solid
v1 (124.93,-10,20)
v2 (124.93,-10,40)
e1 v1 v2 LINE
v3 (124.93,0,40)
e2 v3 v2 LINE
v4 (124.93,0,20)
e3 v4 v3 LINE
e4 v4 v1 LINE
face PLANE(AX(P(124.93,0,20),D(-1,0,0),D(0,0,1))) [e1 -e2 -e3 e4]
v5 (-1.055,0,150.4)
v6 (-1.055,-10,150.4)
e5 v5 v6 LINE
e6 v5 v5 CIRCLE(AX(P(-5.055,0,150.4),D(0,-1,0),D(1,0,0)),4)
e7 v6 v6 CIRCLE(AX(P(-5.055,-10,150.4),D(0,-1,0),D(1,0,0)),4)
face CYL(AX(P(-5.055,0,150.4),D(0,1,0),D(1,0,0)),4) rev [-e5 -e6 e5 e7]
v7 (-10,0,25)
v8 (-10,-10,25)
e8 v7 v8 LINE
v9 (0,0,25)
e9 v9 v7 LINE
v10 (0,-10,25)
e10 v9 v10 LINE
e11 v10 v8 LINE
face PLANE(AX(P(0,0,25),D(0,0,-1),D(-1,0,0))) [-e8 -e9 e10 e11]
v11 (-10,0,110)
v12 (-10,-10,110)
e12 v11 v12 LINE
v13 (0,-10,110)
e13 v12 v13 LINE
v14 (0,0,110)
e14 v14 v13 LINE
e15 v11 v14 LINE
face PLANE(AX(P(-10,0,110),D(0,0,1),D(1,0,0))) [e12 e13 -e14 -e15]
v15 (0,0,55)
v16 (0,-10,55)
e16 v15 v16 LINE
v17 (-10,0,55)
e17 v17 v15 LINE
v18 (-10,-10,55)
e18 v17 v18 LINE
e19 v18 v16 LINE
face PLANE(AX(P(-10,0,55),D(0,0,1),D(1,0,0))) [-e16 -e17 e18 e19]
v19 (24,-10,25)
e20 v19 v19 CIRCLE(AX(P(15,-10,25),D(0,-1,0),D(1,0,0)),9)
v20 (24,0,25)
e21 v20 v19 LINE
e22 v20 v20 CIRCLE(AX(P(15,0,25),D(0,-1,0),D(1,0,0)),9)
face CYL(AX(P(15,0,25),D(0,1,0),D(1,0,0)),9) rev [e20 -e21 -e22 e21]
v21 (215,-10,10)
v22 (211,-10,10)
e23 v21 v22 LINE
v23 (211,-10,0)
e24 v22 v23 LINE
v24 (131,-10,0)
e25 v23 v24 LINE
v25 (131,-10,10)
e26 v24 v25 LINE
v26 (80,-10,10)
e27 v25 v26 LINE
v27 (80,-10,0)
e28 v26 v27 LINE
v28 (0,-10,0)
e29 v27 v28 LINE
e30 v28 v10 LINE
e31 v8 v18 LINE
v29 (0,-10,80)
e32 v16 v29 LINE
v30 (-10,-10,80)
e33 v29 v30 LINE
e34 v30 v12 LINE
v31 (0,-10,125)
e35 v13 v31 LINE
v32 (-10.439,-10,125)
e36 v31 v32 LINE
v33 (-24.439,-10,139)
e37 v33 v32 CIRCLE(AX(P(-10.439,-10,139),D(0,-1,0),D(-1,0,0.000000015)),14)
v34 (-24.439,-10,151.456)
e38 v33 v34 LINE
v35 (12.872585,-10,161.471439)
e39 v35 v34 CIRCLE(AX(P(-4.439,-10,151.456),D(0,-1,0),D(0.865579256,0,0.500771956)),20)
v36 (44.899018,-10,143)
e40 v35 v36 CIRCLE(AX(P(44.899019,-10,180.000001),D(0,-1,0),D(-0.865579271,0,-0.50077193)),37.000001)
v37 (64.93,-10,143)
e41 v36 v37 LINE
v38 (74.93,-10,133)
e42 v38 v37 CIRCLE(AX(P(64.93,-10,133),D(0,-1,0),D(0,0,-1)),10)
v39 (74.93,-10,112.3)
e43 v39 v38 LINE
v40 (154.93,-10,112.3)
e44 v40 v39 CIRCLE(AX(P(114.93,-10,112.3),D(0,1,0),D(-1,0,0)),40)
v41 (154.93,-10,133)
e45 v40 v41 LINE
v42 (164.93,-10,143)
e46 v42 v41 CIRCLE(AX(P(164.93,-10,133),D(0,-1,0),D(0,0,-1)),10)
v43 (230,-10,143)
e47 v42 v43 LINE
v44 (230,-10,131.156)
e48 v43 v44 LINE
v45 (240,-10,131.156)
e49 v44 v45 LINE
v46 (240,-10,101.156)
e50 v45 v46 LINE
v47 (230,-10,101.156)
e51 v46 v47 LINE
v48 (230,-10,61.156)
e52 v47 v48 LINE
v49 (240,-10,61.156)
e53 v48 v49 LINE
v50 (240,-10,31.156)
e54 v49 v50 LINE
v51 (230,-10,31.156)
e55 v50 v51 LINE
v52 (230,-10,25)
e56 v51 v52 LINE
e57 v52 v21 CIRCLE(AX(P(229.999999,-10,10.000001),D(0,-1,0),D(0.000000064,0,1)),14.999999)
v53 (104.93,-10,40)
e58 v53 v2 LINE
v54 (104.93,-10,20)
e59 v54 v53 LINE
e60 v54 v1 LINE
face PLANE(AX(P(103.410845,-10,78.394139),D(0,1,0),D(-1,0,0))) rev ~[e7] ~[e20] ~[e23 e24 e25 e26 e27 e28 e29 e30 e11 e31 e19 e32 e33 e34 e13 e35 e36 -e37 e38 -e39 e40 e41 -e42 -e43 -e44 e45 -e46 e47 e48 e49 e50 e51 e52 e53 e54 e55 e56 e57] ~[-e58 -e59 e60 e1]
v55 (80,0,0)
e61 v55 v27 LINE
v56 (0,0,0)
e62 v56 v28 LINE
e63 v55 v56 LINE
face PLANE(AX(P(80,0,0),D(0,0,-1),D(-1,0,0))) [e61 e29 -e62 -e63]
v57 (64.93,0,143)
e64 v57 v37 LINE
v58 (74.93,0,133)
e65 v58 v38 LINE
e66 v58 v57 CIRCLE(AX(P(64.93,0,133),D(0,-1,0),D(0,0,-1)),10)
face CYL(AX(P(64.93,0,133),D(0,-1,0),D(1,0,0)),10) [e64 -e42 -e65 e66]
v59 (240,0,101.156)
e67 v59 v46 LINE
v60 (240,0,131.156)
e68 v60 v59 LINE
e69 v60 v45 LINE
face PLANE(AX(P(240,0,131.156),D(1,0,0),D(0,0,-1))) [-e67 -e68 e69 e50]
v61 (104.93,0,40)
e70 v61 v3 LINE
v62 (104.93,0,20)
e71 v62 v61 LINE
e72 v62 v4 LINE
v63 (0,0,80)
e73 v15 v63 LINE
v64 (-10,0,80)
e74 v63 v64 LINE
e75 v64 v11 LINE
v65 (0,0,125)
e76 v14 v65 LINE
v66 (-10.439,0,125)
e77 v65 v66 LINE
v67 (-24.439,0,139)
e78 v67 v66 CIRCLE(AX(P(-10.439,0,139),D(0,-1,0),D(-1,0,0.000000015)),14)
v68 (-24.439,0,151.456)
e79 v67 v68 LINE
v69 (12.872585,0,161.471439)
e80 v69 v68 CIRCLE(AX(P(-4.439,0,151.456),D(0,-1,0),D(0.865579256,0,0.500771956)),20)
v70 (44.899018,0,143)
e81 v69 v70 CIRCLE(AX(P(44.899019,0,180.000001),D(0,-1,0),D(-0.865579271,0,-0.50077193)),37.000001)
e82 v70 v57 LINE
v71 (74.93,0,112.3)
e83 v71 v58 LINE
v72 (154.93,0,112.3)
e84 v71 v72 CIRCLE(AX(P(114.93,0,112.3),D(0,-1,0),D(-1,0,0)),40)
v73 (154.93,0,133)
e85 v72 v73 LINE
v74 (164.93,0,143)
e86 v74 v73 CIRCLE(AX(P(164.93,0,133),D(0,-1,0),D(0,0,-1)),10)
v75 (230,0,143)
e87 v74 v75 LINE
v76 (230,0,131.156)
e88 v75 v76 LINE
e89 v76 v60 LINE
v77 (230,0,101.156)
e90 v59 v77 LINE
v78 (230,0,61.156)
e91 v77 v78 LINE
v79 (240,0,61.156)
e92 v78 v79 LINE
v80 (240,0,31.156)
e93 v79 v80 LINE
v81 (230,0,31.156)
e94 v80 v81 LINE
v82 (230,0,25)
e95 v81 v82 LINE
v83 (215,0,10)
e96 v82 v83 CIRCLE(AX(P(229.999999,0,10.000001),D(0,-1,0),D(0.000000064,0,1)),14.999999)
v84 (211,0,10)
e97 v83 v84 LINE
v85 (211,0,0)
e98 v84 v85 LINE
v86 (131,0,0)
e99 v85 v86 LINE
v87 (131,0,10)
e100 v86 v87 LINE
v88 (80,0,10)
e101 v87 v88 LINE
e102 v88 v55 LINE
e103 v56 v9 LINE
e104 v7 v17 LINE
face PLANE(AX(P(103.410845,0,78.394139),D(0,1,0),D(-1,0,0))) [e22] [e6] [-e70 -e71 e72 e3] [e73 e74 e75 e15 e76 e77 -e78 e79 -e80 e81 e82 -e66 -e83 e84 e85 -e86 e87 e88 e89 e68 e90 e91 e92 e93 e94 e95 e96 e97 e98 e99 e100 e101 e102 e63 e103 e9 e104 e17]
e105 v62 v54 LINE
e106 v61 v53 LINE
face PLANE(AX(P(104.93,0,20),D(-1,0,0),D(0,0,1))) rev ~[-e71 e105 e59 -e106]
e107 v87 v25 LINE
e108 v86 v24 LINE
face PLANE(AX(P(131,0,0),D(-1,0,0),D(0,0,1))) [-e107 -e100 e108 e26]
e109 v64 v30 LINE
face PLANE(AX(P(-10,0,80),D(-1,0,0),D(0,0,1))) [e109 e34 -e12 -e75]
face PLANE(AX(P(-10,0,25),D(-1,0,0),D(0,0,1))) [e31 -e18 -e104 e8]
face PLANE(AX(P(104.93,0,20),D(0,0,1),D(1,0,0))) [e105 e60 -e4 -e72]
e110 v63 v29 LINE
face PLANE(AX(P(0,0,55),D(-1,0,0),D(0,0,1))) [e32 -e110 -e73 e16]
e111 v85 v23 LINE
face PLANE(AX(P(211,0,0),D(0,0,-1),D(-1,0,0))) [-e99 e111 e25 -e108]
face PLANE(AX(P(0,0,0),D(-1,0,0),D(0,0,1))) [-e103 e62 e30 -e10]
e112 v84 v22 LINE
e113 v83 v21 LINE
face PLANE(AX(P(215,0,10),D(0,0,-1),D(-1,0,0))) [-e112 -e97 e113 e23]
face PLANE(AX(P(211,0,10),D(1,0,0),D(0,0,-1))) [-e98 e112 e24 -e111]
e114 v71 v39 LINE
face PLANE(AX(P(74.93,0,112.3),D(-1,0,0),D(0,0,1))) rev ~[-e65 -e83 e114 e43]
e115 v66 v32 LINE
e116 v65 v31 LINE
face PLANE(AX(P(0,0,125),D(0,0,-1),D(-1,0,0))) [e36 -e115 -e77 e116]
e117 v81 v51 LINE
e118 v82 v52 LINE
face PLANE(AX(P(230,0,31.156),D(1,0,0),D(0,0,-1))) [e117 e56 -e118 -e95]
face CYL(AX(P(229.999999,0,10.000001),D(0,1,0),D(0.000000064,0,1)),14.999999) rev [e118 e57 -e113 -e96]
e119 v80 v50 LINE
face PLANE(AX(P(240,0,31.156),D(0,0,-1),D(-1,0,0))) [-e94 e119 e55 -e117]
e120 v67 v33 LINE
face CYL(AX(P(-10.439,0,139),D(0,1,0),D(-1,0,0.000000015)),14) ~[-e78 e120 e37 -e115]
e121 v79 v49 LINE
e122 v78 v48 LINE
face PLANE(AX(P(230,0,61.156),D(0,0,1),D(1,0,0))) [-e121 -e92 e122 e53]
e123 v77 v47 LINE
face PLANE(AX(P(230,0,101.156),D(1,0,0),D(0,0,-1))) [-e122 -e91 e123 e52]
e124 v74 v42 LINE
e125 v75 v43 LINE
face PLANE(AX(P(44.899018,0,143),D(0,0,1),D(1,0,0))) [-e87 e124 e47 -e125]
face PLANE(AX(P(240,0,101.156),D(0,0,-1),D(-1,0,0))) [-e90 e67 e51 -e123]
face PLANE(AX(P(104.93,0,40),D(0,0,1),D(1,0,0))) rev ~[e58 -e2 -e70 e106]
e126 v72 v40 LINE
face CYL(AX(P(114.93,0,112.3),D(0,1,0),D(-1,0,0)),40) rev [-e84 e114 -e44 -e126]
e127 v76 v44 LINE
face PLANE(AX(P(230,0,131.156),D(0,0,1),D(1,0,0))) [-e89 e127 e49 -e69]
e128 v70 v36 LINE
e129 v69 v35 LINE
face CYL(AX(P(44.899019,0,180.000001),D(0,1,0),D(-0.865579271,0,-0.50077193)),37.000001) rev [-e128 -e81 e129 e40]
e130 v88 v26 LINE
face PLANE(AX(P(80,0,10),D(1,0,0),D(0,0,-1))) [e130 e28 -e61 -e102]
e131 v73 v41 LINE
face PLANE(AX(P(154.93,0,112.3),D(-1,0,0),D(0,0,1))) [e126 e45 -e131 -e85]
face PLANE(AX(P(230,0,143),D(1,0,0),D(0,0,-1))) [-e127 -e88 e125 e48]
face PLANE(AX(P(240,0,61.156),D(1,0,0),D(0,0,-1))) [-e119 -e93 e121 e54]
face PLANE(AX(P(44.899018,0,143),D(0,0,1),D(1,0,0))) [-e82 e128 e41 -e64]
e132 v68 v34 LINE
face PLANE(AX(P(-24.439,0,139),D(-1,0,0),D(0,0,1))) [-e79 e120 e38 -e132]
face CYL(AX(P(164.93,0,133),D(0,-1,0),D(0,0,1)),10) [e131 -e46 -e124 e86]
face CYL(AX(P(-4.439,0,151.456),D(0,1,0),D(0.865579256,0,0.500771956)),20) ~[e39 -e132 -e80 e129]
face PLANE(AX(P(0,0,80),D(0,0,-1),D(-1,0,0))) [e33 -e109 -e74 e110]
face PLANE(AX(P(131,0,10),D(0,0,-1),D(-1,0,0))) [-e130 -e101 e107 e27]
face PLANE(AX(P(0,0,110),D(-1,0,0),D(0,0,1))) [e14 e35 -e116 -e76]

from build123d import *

# Parameters (mm, degrees)
SKETCH_R        = 9
SKETCH_R_2      = 4
PAD_DEPTH       = 10
COPYSKETCH001_W = 20
COPYSKETCH001_H = 20
POCKET_DEPTH    = 10.001
FILLET_R        = 10


with BuildPart() as part:
    # Sketch → Pad (new body)
    with BuildSketch(Plane.XZ):
        with BuildLine():
            Line((0, 0), (0, 25))
            Line((0, 25), (-10, 25))
            Line((-10, 25), (-10, 55))
            Line((-10, 55), (0, 55))
            Line((0, 55), (0, 80))
            Line((0, 80), (-10, 80))
            Line((-10, 80), (-10, 110))
            Line((-10, 110), (0, 110))
            Line((0, 110), (0, 125))
            Line((0, 125), (-10.439, 125))
            ThreePointArc((-24.439, 139), (-20.338495, 129.100505), (-10.439, 125))
            Line((-24.439, 139), (-24.439, 151.456))
            ThreePointArc((12.872585, 161.471439), (-9.623992, 170.772207), (-24.439, 151.456))
            ThreePointArc((12.872585, 161.471439), (26.413305, 147.948816), (44.899018, 143))
            Line((44.899018, 143), (230, 143))
            Line((230, 143), (230, 131.156))
            Line((230, 131.156), (240, 131.156))
            Line((240, 131.156), (240, 101.156))
            Line((240, 101.156), (230, 101.156))
            Line((230, 101.156), (230, 61.156))
            Line((230, 61.156), (240, 61.156))
            Line((240, 61.156), (240, 31.156))
            Line((240, 31.156), (230, 31.156))
            Line((230, 31.156), (230, 25))
            ThreePointArc((230, 25), (219.393398, 20.606602), (215, 10))
            Line((215, 10), (211, 10))
            Line((211, 10), (211, 0))
            Line((211, 0), (131, 0))
            Line((131, 0), (131, 10))
            Line((131, 10), (80, 10))
            Line((80, 10), (80, 0))
            Line((80, 0), (0, 0))
        make_face()
        with Locations((15, 25)):
            Circle(SKETCH_R, mode=Mode.SUBTRACT)
        with Locations((-5.055, 150.4)):
            Circle(SKETCH_R_2, mode=Mode.SUBTRACT)
    extrude(amount=PAD_DEPTH)

    # CopySketch001 → Pocket (cut, through all)
    with BuildSketch(Plane.XZ):
        with BuildLine():
            ThreePointArc((74.93, 112.3), (114.93, 72.3), (154.93, 112.3))
            Line((154.93, 112.3), (154.93, 155.12))
            Line((74.93, 155.12), (154.93, 155.12))
            Line((74.93, 112.3), (74.93, 155.12))
        make_face()
        with Locations((114.93, 30)):
            Rectangle(COPYSKETCH001_W, COPYSKETCH001_H)
    extrude(amount=POCKET_DEPTH, mode=Mode.SUBTRACT)

    # Fillet
    fillet_edges = [part.edges().sort_by_distance(p)[0] for p in [
        (154.93, -5, 143),
        (74.93, -5, 143),
    ]]
    fillet(fillet_edges, radius=FILLET_R)


solid = part.part
